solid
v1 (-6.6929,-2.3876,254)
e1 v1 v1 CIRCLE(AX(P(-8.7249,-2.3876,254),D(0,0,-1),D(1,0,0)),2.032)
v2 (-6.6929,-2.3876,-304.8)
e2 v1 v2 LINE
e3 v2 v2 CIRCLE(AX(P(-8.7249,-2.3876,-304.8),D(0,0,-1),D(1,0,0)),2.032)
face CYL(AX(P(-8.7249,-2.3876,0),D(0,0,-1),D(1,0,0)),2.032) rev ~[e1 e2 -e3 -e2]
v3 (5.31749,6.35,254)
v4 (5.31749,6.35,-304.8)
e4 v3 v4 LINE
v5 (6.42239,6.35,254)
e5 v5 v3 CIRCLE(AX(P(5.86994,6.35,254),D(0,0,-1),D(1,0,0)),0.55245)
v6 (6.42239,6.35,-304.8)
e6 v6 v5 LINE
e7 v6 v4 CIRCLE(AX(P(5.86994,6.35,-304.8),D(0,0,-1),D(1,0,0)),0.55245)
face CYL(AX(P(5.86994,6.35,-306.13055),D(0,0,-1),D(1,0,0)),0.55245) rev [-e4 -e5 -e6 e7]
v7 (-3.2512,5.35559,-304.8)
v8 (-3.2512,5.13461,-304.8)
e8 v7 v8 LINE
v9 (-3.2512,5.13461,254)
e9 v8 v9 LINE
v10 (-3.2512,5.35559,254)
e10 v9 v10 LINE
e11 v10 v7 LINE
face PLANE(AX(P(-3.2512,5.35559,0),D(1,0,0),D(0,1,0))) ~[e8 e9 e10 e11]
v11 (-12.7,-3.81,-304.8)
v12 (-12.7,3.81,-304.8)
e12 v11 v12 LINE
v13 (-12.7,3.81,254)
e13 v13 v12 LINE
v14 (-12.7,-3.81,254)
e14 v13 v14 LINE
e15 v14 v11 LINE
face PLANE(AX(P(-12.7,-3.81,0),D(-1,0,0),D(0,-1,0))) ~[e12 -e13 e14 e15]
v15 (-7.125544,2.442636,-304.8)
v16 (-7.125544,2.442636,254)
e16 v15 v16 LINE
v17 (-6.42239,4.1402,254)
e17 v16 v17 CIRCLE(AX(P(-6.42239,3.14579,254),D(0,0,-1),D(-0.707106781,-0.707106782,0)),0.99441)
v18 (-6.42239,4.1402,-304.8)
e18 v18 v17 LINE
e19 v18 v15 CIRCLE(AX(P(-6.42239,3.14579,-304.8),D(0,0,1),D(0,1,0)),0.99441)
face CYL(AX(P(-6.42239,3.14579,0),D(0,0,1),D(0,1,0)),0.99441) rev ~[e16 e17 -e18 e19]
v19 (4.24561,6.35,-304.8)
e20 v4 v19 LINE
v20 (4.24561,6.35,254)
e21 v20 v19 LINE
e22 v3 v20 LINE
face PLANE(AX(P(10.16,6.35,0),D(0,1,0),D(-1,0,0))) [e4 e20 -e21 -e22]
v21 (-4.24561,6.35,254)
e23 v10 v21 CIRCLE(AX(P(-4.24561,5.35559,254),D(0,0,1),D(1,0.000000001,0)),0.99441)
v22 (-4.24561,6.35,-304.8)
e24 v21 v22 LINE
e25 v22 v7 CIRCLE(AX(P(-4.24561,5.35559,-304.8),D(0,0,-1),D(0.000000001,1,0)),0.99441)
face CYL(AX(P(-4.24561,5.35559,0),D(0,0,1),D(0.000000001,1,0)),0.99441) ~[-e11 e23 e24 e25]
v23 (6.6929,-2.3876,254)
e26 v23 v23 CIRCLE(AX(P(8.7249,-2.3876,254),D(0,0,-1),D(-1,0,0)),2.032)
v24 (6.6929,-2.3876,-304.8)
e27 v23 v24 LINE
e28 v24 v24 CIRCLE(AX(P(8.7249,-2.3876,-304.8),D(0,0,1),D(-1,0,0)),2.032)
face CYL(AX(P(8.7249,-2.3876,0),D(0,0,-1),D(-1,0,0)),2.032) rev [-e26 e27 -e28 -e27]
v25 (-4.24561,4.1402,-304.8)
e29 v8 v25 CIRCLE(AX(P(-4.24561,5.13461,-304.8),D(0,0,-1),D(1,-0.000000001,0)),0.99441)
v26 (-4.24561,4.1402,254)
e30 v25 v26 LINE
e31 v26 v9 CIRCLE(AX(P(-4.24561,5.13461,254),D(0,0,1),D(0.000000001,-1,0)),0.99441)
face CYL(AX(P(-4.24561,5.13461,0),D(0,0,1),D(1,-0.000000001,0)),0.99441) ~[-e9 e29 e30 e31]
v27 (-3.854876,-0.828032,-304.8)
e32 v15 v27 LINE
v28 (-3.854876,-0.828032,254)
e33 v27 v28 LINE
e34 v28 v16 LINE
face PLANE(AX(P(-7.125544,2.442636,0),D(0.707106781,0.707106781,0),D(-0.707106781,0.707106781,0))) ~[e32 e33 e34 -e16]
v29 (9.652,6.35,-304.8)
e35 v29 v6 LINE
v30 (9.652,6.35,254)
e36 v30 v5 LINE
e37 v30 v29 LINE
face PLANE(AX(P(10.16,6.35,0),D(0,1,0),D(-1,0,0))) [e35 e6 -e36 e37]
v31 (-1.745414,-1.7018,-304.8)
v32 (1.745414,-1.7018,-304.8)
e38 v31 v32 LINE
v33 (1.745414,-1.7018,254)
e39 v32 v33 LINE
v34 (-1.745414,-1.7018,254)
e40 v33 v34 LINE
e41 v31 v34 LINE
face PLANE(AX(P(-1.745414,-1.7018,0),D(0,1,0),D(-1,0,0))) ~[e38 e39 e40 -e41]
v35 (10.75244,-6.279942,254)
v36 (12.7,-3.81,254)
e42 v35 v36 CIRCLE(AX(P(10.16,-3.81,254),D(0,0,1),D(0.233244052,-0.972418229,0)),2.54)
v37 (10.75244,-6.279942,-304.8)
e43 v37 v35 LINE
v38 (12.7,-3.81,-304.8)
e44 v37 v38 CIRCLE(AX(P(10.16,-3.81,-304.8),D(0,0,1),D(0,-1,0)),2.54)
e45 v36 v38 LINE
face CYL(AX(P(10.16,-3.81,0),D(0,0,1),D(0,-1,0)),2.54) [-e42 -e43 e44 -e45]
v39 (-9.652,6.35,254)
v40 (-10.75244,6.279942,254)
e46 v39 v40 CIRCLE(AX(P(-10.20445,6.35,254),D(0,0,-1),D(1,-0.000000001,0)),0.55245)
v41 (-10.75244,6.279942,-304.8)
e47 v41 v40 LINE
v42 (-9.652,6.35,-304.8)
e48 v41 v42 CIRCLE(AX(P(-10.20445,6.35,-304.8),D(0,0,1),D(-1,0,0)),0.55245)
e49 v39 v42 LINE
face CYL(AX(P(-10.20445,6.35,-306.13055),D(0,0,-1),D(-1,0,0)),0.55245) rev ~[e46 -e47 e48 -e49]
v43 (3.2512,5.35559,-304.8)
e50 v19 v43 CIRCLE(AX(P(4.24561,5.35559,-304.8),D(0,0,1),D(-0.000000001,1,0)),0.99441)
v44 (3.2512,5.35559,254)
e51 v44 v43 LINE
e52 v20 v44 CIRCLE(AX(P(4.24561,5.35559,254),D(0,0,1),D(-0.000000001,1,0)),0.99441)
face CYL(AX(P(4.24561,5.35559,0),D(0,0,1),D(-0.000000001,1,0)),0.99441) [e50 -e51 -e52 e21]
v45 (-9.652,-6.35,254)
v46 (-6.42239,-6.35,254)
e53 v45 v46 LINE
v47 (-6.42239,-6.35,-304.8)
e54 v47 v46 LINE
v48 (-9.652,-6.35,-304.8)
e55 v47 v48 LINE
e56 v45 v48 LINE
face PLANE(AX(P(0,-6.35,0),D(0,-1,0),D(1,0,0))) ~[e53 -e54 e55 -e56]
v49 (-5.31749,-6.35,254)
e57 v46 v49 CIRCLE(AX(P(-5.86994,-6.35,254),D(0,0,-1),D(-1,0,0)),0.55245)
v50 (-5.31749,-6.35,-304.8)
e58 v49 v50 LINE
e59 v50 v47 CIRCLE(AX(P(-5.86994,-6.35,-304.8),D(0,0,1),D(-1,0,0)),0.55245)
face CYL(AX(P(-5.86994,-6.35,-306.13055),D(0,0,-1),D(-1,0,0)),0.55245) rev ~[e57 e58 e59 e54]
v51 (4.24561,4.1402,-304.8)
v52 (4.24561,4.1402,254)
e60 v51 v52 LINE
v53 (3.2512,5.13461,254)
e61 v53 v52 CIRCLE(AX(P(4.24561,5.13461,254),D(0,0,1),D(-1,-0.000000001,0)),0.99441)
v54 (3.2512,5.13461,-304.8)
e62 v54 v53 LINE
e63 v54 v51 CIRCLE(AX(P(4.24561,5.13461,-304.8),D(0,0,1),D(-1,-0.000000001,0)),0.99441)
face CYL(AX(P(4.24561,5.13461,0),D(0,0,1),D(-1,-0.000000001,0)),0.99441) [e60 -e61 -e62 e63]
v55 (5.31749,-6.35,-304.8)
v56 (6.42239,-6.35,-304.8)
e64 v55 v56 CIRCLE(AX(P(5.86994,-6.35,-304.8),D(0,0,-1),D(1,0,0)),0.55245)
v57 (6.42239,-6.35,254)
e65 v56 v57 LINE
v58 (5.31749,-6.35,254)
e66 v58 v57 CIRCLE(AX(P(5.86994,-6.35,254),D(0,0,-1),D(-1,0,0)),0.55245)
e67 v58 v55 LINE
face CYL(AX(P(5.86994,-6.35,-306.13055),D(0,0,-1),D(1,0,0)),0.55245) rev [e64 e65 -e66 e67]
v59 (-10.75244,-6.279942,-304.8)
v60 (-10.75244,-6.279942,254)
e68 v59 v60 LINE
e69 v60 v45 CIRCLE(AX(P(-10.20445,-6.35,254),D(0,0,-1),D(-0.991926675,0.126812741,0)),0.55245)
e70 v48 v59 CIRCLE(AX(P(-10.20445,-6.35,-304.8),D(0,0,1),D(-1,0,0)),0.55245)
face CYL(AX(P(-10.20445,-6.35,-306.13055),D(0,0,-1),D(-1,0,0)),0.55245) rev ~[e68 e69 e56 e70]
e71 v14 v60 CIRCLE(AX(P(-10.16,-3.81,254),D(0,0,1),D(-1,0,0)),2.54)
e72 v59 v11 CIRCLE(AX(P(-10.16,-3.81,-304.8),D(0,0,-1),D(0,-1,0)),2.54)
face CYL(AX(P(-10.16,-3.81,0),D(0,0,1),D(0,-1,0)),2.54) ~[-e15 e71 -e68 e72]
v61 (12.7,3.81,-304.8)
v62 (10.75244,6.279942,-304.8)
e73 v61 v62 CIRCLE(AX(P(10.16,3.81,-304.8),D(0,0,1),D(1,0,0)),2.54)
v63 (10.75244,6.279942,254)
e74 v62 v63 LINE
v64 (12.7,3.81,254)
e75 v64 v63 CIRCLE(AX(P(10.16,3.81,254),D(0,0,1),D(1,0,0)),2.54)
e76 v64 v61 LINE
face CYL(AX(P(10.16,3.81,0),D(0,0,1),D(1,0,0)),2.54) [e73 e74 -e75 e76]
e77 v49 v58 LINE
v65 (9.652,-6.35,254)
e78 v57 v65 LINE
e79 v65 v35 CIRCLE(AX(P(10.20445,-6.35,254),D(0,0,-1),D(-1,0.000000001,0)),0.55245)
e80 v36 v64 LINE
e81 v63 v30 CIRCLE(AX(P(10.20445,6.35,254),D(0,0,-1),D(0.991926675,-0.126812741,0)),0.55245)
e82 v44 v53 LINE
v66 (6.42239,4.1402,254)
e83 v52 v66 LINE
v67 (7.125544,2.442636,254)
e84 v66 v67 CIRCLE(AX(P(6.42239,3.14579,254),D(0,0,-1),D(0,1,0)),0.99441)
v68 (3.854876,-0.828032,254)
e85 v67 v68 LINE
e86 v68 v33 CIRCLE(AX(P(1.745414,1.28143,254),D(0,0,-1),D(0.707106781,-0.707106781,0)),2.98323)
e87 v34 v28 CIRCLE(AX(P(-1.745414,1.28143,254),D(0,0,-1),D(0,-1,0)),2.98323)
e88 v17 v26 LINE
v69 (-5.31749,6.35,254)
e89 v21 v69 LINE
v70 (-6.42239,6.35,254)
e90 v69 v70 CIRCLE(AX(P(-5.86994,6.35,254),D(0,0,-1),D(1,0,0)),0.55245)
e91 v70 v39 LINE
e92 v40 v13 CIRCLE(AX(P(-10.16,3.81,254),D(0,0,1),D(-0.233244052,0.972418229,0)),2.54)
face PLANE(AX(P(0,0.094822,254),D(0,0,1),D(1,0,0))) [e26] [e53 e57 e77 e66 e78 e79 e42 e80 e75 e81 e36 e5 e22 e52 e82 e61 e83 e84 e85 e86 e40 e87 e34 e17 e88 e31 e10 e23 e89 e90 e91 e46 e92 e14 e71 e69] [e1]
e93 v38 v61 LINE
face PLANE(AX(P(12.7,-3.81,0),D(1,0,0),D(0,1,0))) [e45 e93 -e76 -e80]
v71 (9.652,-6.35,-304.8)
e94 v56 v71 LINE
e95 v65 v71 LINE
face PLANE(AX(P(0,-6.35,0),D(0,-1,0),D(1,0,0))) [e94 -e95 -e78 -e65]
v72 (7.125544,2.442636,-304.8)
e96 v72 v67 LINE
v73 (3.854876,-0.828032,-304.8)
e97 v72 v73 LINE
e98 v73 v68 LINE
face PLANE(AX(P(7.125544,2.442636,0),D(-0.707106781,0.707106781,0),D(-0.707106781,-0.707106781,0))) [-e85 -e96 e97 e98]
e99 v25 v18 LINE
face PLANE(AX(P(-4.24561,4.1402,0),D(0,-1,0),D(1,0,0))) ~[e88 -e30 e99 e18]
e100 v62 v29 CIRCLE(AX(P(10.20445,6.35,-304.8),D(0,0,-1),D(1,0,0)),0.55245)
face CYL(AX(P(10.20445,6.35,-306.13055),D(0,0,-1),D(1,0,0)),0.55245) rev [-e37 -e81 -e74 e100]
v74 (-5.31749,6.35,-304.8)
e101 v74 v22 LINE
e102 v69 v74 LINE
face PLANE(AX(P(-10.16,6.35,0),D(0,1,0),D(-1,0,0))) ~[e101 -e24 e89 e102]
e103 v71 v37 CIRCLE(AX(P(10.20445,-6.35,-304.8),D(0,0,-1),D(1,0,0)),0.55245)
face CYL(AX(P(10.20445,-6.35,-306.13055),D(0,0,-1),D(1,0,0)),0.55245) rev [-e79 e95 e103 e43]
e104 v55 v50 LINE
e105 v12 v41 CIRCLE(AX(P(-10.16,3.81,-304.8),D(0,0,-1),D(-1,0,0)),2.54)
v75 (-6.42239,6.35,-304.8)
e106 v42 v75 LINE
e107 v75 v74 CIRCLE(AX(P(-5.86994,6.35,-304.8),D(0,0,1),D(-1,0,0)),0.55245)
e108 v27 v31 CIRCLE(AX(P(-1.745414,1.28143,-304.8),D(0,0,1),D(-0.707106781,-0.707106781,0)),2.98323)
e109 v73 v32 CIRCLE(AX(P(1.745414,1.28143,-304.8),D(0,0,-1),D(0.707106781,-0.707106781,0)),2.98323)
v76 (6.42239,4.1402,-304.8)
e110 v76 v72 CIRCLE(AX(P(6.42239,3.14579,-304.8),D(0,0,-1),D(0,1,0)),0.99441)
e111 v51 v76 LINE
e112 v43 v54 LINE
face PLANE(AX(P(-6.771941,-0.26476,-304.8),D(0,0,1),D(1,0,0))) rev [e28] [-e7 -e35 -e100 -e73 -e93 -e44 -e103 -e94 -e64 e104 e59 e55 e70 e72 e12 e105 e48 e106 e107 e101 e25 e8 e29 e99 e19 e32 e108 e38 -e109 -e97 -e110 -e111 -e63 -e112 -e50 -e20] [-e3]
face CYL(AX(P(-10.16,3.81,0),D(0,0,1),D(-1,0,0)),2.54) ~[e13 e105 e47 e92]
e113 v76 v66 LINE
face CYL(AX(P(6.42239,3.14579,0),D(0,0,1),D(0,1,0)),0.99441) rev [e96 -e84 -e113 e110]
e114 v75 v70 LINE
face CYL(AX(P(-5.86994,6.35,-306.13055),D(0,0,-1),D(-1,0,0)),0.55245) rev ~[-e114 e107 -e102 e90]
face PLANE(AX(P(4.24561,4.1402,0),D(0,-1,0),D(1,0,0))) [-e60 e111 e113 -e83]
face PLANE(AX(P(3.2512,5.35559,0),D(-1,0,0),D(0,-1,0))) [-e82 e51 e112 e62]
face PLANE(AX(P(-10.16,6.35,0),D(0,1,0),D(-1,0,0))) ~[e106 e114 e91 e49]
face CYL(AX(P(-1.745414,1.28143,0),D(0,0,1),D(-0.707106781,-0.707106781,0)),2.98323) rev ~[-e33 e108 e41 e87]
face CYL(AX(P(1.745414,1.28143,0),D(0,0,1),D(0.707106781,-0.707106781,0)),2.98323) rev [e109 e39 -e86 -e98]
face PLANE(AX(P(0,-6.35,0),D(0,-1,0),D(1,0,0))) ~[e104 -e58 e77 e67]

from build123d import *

# Parameters (mm, degrees)
SKETCH3_R               = 2.032
BOSS_EXTRUDE1_DEPTH     = 304.8
CUT_EXTRUDE1_DEPTH      = 306.130549929
CUT_EXTRUDE1_DEPTH_BACK = 306.130549929
SKETCH4_R               = 0.55245
CUT_EXTRUDE2_DEPTH      = 50.8


with BuildPart() as part:
    # Sketch3 → Boss-Extrude1 (new, symmetric)
    with BuildSketch(Plane.XY):
        with BuildLine():
            Line((3.2512, 5.35559), (3.2512, 5.13461))
            ThreePointArc((3.2512, 5.13461), (3.542455946, 4.431455946), (4.24561, 4.1402))
            Line((4.24561, 4.1402), (6.42239, 4.1402))
            ThreePointArc((6.42239, 4.1402), (7.341105046, 3.526334232), (7.125544054, 2.442635946))
            Line((7.125544054, 2.442635946), (3.854875946, -0.828032163))
            ThreePointArc((3.854875946, -0.828032163), (2.887046479, -1.474715138), (1.745413783, -1.7018))
            Line((1.745413783, -1.7018), (0, -1.7018))
            Line((0, -1.7018), (0, -6.35))
            Line((0, -6.35), (10.16, -6.35))
            ThreePointArc((10.16, -6.35), (11.956051224, -5.606051224), (12.7, -3.81))
            Line((12.7, -3.81), (12.7, 3.81))
            ThreePointArc((12.7, 3.81), (11.956051224, 5.606051224), (10.16, 6.35))
            Line((10.16, 6.35), (4.24561, 6.35))
            ThreePointArc((4.24561, 6.35), (3.542455946, 6.058744054), (3.2512, 5.35559))
        make_face()
        with Locations(Location((8.7249, -2.3876, 0), (0, 0, 180))):
            Circle(SKETCH3_R, mode=Mode.SUBTRACT)
    extrude(amount=BOSS_EXTRUDE1_DEPTH, both=True)

    # Sketch4 → Cut-Extrude1 (cut, two sides: drawn at the far end of the back side and taken through both)
    with BuildSketch(Plane.XY.offset(-CUT_EXTRUDE1_DEPTH_BACK)):
        with Locations((5.86994, 6.35)):
            Circle(SKETCH4_R)
        with Locations((10.20445, 6.35)):
            Circle(SKETCH4_R)
        with Locations((5.86994, -6.35)):
            Circle(SKETCH4_R)
        with Locations((10.20445, -6.35)):
            Circle(SKETCH4_R)
    extrude(amount=CUT_EXTRUDE1_DEPTH + CUT_EXTRUDE1_DEPTH_BACK, mode=Mode.SUBTRACT)

    # Mirror1: part across plane


with BuildPart() as part_1:
    add(part.part)
    add(part.part.mirror(Plane(origin=(0, 0, 0), x_dir=(0, 0, 1), z_dir=(1, 0, 0))))

    # Sketch5 → Cut-Extrude2 (cut)
    with BuildSketch(Plane.XY.offset(304.8)):
        with BuildLine():
            Line((9.652, 6.35), (6.42239, 6.35))
            ThreePointArc((6.42239, 6.35), (5.86994, 5.79755), (5.31749, 6.35))
            Line((5.31749, 6.35), (4.24561, 6.35))
            ThreePointArc((4.24561, 6.35), (3.542455946, 6.058744054), (3.2512, 5.35559))
            Line((3.2512, 5.35559), (3.2512, 5.13461))
            ThreePointArc((3.2512, 5.13461), (3.542455946, 4.431455946), (4.24561, 4.1402))
            Line((4.24561, 4.1402), (6.42239, 4.1402))
            ThreePointArc((6.42239, 4.1402), (7.341105046, 3.526334232), (7.125544054, 2.442635946))
            Line((7.125544054, 2.442635946), (3.854875946, -0.828032163))
            ThreePointArc((3.854875946, -0.828032163), (2.887046479, -1.474715138), (1.745413783, -1.7018))
            Line((1.745413783, -1.7018), (-1.745413783, -1.7018))
            ThreePointArc((-1.745413783, -1.7018), (-2.887046479, -1.474715138), (-3.854875946, -0.828032163))
            Line((-3.854875946, -0.828032163), (-7.125544054, 2.442635946))
            ThreePointArc((-7.125544054, 2.442635946), (-7.341105046, 3.526334232), (-6.42239, 4.1402))
            Line((-6.42239, 4.1402), (-4.24561, 4.1402))
            ThreePointArc((-4.24561, 4.1402), (-3.542455946, 4.431455946), (-3.2512, 5.13461))
            Line((-3.2512, 5.13461), (-3.2512, 5.35559))
            ThreePointArc((-3.2512, 5.35559), (-3.542455946, 6.058744054), (-4.24561, 6.35))
            Line((-4.24561, 6.35), (-5.31749, 6.35))
            ThreePointArc((-5.31749, 6.35), (-5.86994, 5.79755), (-6.42239, 6.35))
            Line((-6.42239, 6.35), (-9.652, 6.35))
            ThreePointArc((-9.652, 6.35), (-10.169350236, 5.798666155), (-10.752439892, 6.279942302))
            ThreePointArc((-10.752439892, 6.279942302), (-12.154542219, 5.382705102), (-12.7, 3.81))
            Line((-12.7, 3.81), (-12.7, -3.81))
            ThreePointArc((-12.7, -3.81), (-12.154542219, -5.382705102), (-10.752439892, -6.279942302))
            ThreePointArc((-10.752439892, -6.279942302), (-10.169350236, -5.798666155), (-9.652, -6.35))
            Line((-9.652, -6.35), (-6.42239, -6.35))
            ThreePointArc((-6.42239, -6.35), (-5.86994, -5.79755), (-5.31749, -6.35))
            Line((-5.31749, -6.35), (5.31749, -6.35))
            ThreePointArc((5.31749, -6.35), (5.86994, -5.79755), (6.42239, -6.35))
            Line((6.42239, -6.35), (9.652, -6.35))
            ThreePointArc((9.652, -6.35), (10.169350236, -5.798666155), (10.752439892, -6.279942302))
            ThreePointArc((10.752439892, -6.279942302), (12.154542219, -5.382705102), (12.7, -3.81))
            Line((12.7, -3.81), (12.7, 3.81))
            ThreePointArc((12.7, 3.81), (12.154542219, 5.382705102), (10.752439892, 6.279942302))
            ThreePointArc((10.752439892, 6.279942302), (10.169350236, 5.798666155), (9.652, 6.35))
        make_face()
    extrude(amount=-CUT_EXTRUDE2_DEPTH, mode=Mode.SUBTRACT)


solid = part_1.part
